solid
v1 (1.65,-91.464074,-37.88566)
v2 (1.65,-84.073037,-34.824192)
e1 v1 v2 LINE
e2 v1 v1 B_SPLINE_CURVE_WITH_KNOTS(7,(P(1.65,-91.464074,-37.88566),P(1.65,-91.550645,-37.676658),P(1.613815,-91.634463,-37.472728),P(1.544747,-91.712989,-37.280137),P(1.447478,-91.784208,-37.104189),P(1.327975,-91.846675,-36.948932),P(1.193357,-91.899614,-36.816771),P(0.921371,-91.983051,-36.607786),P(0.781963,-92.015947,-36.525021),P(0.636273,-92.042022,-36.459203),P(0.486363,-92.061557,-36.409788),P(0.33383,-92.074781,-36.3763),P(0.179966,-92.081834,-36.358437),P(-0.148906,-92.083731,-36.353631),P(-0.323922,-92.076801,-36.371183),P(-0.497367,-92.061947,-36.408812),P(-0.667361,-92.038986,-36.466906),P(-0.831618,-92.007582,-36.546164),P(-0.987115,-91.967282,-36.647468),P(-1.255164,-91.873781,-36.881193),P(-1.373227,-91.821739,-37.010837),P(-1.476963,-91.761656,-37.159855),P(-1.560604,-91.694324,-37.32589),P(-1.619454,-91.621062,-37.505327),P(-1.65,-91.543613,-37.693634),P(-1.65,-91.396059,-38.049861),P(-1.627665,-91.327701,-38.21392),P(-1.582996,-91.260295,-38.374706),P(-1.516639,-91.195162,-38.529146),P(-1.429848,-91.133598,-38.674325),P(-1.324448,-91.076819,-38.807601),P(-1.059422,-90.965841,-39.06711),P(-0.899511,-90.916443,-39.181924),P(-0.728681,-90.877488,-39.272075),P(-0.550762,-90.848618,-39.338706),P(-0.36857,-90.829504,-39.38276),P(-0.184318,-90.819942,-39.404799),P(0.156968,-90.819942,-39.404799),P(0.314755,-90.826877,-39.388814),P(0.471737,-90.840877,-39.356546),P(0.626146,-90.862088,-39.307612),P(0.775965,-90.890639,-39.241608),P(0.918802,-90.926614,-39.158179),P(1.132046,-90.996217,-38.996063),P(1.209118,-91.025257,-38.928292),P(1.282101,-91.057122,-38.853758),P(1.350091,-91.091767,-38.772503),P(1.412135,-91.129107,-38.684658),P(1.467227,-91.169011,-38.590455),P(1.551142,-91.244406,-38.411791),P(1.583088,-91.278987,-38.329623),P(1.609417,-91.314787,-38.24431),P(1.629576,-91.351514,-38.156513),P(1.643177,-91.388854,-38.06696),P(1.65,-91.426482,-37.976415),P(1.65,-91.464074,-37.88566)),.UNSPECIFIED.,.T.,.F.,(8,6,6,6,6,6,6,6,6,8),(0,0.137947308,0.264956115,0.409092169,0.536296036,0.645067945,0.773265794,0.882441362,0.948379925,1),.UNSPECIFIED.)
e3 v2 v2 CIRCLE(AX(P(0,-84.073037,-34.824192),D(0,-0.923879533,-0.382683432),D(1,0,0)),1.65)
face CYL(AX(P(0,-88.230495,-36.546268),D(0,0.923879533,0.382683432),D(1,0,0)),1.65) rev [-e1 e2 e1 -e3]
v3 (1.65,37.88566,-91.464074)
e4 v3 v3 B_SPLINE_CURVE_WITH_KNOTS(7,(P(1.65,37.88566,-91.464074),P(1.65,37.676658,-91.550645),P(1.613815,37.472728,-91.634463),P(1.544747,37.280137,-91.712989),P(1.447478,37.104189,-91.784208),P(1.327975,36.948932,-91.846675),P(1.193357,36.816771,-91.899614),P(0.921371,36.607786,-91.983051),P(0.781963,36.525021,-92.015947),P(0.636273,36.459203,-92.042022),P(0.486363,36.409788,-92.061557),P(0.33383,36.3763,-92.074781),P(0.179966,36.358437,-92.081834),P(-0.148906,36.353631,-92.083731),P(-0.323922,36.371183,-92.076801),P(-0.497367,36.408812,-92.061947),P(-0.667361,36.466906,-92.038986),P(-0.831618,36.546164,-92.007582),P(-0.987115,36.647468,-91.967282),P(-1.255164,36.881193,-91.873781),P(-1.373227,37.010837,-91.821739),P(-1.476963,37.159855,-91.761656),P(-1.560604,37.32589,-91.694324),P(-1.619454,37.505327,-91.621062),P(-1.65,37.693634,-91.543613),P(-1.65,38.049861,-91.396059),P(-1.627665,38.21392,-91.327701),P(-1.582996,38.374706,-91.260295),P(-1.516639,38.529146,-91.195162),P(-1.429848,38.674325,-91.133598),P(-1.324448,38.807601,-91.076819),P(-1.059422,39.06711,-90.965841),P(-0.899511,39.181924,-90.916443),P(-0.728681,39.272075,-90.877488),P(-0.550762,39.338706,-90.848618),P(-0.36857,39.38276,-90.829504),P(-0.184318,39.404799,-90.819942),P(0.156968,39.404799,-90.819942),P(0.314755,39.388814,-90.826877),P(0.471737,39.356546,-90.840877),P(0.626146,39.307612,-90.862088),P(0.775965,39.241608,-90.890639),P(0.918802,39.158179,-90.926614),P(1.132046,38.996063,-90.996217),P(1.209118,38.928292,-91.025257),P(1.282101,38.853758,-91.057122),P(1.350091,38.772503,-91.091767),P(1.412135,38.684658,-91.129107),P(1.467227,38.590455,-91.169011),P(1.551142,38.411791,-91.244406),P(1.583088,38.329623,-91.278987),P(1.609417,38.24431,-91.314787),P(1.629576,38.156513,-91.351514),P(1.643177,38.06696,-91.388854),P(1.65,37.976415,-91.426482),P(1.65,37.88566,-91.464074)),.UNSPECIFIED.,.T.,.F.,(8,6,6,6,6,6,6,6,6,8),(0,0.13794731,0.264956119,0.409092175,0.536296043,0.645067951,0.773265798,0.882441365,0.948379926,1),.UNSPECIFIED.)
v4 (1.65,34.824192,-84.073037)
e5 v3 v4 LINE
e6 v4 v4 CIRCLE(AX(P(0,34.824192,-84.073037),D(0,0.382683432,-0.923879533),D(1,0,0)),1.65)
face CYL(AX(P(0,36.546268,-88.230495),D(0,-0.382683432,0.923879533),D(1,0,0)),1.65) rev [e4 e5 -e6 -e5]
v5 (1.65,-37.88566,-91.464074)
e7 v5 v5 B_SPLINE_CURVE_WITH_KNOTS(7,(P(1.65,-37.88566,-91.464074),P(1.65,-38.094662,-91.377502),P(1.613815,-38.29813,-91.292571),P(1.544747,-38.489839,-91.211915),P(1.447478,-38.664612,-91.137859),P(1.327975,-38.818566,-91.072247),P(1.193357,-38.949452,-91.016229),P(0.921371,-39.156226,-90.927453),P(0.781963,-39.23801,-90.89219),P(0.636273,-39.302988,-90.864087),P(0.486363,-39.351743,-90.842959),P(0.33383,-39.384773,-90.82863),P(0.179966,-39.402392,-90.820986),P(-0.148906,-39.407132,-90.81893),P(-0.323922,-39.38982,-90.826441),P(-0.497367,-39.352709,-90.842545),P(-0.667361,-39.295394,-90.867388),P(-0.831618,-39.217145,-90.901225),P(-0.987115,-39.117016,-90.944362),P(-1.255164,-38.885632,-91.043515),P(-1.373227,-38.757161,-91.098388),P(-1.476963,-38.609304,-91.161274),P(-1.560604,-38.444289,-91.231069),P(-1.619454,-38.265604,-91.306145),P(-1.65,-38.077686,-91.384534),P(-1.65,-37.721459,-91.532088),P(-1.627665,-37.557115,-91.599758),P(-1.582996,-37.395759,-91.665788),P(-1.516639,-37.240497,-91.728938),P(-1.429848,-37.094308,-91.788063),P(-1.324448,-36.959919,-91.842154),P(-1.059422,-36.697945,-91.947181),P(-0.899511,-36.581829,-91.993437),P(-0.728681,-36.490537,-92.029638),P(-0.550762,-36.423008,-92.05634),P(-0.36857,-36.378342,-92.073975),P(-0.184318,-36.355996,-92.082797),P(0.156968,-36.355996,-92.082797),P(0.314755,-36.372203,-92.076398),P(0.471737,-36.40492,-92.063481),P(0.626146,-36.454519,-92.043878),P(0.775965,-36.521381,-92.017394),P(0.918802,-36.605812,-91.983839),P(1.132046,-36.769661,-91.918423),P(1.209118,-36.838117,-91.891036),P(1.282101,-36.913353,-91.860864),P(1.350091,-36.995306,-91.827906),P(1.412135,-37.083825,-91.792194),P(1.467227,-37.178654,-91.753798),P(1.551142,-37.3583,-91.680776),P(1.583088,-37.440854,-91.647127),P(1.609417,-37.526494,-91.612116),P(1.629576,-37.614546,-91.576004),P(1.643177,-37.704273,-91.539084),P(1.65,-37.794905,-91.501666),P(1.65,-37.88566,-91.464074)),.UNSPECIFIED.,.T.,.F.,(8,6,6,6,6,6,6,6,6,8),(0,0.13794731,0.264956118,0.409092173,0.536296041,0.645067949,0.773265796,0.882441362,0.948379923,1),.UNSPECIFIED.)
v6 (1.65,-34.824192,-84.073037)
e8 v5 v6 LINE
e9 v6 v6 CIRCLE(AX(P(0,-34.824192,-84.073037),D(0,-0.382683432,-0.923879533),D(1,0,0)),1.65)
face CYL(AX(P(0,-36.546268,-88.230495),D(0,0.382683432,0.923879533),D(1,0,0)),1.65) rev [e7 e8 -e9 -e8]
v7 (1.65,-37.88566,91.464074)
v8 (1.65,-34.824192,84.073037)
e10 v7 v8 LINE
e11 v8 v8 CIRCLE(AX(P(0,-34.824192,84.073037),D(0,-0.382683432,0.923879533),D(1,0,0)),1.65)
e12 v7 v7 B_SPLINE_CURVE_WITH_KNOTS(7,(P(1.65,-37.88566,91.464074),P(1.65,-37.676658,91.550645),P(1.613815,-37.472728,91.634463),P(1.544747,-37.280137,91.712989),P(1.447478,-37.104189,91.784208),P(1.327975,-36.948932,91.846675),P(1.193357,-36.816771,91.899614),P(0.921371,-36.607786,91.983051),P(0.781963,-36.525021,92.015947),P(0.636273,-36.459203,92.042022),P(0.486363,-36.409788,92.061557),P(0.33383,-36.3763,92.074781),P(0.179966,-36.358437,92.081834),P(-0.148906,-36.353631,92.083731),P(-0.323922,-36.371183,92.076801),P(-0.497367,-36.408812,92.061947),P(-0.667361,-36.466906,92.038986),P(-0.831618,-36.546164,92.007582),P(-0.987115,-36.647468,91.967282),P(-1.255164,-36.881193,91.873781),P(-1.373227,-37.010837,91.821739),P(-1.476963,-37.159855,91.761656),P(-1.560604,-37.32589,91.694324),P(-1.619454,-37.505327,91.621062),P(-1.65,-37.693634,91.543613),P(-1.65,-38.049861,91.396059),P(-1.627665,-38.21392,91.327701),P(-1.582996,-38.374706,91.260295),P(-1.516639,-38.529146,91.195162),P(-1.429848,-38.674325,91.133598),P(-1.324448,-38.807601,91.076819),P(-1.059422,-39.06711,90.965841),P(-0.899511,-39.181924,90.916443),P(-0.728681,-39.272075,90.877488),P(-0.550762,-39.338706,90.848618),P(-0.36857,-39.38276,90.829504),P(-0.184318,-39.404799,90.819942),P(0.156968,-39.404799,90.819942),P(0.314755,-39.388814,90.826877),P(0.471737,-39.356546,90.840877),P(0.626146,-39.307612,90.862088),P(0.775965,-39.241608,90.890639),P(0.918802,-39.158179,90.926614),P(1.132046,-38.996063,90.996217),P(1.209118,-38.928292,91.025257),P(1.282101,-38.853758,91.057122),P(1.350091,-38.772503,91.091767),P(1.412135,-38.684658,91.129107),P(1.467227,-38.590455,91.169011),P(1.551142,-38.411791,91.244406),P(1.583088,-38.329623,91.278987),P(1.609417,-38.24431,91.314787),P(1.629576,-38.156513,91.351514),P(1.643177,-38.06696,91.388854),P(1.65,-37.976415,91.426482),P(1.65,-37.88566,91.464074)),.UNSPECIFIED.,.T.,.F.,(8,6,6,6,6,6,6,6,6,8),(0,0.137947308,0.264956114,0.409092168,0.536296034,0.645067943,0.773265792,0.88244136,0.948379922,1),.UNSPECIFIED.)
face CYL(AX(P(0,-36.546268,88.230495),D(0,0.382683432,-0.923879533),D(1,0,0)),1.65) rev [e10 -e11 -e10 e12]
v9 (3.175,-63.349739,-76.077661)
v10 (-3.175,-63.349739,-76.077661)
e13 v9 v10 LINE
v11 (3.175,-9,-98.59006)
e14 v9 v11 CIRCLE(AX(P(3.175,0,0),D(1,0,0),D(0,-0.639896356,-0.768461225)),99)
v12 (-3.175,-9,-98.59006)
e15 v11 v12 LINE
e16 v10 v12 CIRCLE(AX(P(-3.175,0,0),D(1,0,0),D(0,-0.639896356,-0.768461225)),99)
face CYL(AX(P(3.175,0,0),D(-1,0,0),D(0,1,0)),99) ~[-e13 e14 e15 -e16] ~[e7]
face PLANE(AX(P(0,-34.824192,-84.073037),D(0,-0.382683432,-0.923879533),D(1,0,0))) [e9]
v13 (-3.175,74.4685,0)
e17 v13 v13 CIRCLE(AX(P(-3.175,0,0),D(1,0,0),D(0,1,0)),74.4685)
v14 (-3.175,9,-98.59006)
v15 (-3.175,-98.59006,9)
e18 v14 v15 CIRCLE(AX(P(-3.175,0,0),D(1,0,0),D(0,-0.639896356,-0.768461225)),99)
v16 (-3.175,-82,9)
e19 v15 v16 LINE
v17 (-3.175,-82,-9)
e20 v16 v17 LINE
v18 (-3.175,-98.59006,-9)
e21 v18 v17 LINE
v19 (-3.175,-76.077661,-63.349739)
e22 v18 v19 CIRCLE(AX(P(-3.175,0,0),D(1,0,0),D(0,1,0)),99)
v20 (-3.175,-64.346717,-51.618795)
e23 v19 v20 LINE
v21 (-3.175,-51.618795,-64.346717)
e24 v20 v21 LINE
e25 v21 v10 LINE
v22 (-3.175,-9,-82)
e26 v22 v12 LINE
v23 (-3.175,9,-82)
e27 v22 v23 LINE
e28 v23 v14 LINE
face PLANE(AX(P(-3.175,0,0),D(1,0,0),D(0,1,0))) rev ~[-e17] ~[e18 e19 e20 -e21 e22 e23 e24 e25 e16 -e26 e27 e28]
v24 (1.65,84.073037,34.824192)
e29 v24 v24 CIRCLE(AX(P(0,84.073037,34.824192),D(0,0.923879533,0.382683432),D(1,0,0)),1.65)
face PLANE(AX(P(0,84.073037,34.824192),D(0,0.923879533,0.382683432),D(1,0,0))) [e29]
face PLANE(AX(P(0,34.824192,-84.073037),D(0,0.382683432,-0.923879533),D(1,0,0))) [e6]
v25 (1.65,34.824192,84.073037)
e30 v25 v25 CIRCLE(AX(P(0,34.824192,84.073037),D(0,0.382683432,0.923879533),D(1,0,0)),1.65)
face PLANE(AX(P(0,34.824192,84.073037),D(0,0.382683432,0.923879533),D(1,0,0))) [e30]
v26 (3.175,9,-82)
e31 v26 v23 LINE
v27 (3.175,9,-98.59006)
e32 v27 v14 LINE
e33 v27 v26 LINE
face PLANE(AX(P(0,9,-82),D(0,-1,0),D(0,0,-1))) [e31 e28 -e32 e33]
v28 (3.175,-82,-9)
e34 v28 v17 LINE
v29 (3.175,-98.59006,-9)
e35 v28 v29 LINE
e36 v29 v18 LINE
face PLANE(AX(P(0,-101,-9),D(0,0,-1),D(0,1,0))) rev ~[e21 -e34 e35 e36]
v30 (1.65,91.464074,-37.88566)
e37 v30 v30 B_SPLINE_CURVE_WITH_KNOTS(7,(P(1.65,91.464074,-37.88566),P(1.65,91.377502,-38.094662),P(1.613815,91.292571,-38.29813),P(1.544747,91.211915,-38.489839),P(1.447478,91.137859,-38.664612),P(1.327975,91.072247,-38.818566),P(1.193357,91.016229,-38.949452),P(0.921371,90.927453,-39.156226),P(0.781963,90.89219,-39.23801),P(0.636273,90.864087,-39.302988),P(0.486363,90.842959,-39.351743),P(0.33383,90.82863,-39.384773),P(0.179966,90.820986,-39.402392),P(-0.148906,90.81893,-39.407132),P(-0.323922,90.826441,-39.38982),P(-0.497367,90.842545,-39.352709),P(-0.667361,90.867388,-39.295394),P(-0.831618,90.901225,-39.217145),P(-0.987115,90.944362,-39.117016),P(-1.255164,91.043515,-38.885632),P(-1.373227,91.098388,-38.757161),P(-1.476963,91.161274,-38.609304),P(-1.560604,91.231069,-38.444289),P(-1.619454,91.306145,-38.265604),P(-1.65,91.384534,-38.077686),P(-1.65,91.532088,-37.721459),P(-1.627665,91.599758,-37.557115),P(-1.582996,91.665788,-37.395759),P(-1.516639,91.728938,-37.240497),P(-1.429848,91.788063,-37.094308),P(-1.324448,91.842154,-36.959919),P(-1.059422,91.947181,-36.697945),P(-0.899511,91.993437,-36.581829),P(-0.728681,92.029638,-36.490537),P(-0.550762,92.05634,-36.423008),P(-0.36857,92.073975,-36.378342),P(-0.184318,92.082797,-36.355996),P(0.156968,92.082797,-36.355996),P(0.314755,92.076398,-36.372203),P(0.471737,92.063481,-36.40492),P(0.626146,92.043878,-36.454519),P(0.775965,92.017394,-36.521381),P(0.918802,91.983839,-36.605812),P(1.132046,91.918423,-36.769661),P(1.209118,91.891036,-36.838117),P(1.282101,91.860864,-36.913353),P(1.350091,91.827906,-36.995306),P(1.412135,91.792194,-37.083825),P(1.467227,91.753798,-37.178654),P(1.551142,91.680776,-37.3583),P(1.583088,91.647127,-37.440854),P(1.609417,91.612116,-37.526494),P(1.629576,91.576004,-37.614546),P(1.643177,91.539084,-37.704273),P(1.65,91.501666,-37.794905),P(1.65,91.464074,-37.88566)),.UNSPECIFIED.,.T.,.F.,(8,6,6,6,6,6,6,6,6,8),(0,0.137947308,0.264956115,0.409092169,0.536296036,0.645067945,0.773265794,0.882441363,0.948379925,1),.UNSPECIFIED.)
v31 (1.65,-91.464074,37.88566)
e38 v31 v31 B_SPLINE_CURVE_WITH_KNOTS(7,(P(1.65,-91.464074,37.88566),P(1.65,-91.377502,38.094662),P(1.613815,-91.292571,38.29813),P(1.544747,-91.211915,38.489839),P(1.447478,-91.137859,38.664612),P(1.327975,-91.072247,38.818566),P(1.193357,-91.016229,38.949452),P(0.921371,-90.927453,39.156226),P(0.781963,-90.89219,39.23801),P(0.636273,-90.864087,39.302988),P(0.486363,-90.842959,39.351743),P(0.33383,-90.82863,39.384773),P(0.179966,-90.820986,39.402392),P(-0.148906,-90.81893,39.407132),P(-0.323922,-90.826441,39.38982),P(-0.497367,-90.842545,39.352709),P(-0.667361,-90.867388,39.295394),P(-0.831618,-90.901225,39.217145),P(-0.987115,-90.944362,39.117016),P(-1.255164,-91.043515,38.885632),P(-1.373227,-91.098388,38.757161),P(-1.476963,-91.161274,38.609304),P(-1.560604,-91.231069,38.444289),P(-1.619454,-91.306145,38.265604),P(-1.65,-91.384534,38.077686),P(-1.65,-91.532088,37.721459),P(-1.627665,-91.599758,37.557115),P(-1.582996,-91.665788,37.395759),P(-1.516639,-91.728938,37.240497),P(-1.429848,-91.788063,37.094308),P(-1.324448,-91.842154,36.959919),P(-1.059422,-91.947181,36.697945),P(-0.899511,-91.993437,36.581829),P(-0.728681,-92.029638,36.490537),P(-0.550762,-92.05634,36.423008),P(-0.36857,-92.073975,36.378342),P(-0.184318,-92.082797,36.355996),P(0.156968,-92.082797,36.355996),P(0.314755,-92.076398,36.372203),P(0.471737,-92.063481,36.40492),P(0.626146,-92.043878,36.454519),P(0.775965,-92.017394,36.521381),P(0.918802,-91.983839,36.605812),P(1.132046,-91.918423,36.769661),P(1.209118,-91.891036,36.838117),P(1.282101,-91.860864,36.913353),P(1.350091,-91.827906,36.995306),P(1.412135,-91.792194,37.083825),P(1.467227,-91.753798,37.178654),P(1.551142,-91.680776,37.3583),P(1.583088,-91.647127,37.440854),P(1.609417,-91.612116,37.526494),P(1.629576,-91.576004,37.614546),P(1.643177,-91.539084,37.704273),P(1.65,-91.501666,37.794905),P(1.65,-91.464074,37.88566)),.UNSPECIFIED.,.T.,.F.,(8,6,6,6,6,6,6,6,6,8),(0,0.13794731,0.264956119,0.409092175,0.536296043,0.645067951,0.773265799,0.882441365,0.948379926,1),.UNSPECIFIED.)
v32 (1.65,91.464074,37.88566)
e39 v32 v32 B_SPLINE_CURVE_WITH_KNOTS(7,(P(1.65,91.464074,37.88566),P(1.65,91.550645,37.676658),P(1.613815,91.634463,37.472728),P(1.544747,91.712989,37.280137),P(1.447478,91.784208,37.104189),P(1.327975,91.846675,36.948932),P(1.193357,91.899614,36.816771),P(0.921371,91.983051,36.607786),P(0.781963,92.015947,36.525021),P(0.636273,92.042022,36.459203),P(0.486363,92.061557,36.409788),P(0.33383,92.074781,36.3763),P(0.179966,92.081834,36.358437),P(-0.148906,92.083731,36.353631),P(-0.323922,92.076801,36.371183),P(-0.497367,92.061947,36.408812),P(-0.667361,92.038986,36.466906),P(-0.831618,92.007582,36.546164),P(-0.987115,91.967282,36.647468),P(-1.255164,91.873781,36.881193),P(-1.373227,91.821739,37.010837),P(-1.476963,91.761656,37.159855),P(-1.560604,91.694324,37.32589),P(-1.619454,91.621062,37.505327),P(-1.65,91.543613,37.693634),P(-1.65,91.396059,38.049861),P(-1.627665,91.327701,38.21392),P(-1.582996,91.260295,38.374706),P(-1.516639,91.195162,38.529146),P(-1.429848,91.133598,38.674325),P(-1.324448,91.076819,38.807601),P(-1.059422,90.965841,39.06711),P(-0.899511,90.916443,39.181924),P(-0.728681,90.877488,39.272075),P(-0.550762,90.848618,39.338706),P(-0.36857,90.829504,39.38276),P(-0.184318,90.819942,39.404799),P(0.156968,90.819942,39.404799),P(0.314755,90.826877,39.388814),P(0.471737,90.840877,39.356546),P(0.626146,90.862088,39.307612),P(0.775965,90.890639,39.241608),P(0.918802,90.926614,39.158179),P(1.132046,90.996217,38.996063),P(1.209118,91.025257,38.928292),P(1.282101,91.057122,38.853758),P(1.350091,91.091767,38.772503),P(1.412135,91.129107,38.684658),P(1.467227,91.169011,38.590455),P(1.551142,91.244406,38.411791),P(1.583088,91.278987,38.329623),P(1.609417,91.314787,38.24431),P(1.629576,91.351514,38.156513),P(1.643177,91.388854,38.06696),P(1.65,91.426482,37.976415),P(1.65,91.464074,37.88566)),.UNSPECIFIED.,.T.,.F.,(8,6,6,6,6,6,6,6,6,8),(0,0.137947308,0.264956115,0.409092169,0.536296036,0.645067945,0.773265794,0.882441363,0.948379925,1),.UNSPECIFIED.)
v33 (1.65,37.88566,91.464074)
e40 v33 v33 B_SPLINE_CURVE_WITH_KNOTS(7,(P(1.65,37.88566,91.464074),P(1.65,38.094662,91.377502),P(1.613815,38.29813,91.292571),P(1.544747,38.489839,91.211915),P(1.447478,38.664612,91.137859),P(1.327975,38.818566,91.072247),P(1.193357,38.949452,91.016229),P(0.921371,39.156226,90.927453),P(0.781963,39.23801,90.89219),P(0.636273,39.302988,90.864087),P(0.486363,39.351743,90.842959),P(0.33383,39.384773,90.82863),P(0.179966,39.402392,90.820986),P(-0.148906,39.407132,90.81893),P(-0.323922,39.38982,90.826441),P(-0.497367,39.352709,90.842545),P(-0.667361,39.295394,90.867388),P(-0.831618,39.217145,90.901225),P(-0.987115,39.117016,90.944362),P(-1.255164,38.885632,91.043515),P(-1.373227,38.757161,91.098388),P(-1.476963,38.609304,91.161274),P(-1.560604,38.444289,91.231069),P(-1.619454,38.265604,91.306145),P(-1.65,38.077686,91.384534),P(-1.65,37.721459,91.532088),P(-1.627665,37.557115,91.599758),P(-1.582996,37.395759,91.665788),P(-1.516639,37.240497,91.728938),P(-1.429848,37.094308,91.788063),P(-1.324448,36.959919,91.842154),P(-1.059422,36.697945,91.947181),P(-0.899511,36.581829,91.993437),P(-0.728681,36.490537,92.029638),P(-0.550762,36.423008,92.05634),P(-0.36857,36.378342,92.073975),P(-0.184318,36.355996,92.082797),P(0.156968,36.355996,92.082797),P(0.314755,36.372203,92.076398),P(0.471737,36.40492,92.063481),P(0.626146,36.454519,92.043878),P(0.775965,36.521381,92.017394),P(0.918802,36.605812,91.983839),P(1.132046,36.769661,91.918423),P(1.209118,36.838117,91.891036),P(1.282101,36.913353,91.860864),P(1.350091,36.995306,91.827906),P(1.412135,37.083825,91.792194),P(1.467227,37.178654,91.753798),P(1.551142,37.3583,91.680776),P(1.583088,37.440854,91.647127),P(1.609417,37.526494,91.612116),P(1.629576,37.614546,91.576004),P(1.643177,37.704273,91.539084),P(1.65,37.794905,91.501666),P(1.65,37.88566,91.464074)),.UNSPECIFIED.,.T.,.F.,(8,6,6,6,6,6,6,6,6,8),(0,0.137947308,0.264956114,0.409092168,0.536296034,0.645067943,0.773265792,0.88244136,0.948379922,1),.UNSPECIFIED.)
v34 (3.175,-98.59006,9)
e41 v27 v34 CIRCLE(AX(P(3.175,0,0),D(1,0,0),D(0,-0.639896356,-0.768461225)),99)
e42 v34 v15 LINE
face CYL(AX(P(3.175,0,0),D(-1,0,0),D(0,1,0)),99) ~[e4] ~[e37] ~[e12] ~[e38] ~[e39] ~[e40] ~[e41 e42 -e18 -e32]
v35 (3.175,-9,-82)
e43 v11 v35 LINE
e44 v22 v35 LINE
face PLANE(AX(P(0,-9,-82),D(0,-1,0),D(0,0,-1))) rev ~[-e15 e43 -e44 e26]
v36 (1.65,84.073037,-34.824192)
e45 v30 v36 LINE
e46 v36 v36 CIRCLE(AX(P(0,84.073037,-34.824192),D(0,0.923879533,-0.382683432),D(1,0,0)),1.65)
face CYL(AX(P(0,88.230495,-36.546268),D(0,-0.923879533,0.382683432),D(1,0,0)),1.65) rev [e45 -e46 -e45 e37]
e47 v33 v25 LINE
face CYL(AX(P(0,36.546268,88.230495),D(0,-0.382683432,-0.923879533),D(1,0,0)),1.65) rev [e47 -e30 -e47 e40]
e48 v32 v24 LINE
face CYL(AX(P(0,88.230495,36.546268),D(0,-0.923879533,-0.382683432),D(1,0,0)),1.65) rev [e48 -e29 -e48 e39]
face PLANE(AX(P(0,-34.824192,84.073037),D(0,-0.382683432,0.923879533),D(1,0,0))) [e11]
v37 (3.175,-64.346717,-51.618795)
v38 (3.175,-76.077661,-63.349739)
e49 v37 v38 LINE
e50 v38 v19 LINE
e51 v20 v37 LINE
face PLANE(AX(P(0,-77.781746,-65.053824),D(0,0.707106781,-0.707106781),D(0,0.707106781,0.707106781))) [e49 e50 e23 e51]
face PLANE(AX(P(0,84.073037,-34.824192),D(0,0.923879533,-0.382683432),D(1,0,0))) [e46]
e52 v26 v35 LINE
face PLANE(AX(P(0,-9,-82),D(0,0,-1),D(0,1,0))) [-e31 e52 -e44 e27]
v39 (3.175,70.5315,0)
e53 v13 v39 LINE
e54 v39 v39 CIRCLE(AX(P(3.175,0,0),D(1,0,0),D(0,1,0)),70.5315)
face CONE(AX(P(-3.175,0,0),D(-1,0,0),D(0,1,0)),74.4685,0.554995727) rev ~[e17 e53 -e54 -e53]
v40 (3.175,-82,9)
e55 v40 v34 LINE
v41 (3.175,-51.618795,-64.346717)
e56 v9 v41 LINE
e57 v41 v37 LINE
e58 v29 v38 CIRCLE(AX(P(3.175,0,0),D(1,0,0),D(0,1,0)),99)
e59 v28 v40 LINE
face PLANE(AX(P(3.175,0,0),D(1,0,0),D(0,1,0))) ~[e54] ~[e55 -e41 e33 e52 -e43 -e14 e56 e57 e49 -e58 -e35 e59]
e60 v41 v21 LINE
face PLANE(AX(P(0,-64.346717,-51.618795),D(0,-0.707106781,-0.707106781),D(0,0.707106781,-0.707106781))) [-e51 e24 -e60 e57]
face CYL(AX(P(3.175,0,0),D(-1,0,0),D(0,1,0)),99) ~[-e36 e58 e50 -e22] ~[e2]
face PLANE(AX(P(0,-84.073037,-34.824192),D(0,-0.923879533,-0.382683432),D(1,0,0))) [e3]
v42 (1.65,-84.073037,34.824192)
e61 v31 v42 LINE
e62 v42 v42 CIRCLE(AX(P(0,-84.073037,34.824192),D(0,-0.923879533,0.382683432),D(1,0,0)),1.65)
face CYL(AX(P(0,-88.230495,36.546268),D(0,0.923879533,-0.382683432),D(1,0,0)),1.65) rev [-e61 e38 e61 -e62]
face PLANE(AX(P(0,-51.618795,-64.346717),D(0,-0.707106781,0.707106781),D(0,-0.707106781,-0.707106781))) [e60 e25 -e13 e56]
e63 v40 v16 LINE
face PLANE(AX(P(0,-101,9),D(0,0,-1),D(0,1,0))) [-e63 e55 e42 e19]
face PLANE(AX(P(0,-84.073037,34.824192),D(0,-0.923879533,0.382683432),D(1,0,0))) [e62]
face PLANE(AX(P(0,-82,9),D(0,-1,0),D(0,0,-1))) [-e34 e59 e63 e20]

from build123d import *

# Parameters (mm, degrees)
NOTCH_180_SKETCH_W   = 18
NOTCH_180_SKETCH_H   = 19
NOTCH_180_DEPTH      = 4.175
NOTCH_225_DEPTH      = 4.175
NOTCH_270_SKETCH_W   = 19
NOTCH_270_SKETCH_H   = 18
NOTCH_270_DEPTH      = 4.175
SCREW_HOLE_SKETCH_W  = 1.65
SCREW_HOLE_SKETCH_H  = 9
SCREW_HOLES_X8_COUNT = 8


with BuildPart() as part:
    # Ring Sketch → Ring (revolve)
    with BuildSketch(Plane.XY):
        Polygon((3.175, 70.5315), (3.175, 99), (-3.175, 99), (-3.175, 74.4685), align=None)
    revolve(axis=Axis((-300, 0, 0), (1, 0, 0)))

    # Notch 180 Sketch → Notch 180 (cut, symmetric)
    with BuildSketch(Plane(origin=(0, 0, 0), x_dir=(0, 0, -1), z_dir=(1, 0, 0))):
        with Locations((0, -91.5)):
            Rectangle(NOTCH_180_SKETCH_W, NOTCH_180_SKETCH_H)
    extrude(amount=NOTCH_180_DEPTH, both=True, mode=Mode.SUBTRACT)

    # Notch 225 Sketch → Notch 225 (cut, symmetric)
    with BuildSketch(Plane(origin=(0, 0, 0), x_dir=(0, 0, -1), z_dir=(1, 0, 0))):
        Polygon((51.618795027, -64.346717088), (64.346717088, -51.618795027), (77.781745931, -65.053823869), (65.053823869, -77.781745931), align=None)
    extrude(amount=NOTCH_225_DEPTH, both=True, mode=Mode.SUBTRACT)

    # Notch 270 Sketch → Notch 270 (cut, symmetric)
    with BuildSketch(Plane(origin=(0, 0, 0), x_dir=(0, 0, -1), z_dir=(1, 0, 0))):
        with Locations((91.5, 0)):
            Rectangle(NOTCH_270_SKETCH_W, NOTCH_270_SKETCH_H)
    extrude(amount=NOTCH_270_DEPTH, both=True, mode=Mode.SUBTRACT)

    # Screw Hole Sketch → Screw Hole (revolve, cut)
    with BuildSketch(Plane(origin=(0, 0, 0), x_dir=(-1, 0, 0), z_dir=(0, -0.3826834323650898, 0.9238795325112867))):
        with Locations((-0.825, -95.5)):
            Rectangle(SCREW_HOLE_SKETCH_W, SCREW_HOLE_SKETCH_H)
    screw_hole = revolve(axis=Axis((0, 81.301398861, 33.676142048), (0, 0.9238795325112867, 0.38268343236509)), mode=Mode.SUBTRACT)

    # Screw Holes x8: Screw Hole ×8 about axis
    screw_holes_x8_axis = Axis((3.4925, 0, 0), (-1, 0, 0))
    for i in range(1, SCREW_HOLES_X8_COUNT):
        add(screw_hole.rotate(screw_holes_x8_axis, i * 360 / SCREW_HOLES_X8_COUNT), mode=Mode.SUBTRACT)


solid = part.part
